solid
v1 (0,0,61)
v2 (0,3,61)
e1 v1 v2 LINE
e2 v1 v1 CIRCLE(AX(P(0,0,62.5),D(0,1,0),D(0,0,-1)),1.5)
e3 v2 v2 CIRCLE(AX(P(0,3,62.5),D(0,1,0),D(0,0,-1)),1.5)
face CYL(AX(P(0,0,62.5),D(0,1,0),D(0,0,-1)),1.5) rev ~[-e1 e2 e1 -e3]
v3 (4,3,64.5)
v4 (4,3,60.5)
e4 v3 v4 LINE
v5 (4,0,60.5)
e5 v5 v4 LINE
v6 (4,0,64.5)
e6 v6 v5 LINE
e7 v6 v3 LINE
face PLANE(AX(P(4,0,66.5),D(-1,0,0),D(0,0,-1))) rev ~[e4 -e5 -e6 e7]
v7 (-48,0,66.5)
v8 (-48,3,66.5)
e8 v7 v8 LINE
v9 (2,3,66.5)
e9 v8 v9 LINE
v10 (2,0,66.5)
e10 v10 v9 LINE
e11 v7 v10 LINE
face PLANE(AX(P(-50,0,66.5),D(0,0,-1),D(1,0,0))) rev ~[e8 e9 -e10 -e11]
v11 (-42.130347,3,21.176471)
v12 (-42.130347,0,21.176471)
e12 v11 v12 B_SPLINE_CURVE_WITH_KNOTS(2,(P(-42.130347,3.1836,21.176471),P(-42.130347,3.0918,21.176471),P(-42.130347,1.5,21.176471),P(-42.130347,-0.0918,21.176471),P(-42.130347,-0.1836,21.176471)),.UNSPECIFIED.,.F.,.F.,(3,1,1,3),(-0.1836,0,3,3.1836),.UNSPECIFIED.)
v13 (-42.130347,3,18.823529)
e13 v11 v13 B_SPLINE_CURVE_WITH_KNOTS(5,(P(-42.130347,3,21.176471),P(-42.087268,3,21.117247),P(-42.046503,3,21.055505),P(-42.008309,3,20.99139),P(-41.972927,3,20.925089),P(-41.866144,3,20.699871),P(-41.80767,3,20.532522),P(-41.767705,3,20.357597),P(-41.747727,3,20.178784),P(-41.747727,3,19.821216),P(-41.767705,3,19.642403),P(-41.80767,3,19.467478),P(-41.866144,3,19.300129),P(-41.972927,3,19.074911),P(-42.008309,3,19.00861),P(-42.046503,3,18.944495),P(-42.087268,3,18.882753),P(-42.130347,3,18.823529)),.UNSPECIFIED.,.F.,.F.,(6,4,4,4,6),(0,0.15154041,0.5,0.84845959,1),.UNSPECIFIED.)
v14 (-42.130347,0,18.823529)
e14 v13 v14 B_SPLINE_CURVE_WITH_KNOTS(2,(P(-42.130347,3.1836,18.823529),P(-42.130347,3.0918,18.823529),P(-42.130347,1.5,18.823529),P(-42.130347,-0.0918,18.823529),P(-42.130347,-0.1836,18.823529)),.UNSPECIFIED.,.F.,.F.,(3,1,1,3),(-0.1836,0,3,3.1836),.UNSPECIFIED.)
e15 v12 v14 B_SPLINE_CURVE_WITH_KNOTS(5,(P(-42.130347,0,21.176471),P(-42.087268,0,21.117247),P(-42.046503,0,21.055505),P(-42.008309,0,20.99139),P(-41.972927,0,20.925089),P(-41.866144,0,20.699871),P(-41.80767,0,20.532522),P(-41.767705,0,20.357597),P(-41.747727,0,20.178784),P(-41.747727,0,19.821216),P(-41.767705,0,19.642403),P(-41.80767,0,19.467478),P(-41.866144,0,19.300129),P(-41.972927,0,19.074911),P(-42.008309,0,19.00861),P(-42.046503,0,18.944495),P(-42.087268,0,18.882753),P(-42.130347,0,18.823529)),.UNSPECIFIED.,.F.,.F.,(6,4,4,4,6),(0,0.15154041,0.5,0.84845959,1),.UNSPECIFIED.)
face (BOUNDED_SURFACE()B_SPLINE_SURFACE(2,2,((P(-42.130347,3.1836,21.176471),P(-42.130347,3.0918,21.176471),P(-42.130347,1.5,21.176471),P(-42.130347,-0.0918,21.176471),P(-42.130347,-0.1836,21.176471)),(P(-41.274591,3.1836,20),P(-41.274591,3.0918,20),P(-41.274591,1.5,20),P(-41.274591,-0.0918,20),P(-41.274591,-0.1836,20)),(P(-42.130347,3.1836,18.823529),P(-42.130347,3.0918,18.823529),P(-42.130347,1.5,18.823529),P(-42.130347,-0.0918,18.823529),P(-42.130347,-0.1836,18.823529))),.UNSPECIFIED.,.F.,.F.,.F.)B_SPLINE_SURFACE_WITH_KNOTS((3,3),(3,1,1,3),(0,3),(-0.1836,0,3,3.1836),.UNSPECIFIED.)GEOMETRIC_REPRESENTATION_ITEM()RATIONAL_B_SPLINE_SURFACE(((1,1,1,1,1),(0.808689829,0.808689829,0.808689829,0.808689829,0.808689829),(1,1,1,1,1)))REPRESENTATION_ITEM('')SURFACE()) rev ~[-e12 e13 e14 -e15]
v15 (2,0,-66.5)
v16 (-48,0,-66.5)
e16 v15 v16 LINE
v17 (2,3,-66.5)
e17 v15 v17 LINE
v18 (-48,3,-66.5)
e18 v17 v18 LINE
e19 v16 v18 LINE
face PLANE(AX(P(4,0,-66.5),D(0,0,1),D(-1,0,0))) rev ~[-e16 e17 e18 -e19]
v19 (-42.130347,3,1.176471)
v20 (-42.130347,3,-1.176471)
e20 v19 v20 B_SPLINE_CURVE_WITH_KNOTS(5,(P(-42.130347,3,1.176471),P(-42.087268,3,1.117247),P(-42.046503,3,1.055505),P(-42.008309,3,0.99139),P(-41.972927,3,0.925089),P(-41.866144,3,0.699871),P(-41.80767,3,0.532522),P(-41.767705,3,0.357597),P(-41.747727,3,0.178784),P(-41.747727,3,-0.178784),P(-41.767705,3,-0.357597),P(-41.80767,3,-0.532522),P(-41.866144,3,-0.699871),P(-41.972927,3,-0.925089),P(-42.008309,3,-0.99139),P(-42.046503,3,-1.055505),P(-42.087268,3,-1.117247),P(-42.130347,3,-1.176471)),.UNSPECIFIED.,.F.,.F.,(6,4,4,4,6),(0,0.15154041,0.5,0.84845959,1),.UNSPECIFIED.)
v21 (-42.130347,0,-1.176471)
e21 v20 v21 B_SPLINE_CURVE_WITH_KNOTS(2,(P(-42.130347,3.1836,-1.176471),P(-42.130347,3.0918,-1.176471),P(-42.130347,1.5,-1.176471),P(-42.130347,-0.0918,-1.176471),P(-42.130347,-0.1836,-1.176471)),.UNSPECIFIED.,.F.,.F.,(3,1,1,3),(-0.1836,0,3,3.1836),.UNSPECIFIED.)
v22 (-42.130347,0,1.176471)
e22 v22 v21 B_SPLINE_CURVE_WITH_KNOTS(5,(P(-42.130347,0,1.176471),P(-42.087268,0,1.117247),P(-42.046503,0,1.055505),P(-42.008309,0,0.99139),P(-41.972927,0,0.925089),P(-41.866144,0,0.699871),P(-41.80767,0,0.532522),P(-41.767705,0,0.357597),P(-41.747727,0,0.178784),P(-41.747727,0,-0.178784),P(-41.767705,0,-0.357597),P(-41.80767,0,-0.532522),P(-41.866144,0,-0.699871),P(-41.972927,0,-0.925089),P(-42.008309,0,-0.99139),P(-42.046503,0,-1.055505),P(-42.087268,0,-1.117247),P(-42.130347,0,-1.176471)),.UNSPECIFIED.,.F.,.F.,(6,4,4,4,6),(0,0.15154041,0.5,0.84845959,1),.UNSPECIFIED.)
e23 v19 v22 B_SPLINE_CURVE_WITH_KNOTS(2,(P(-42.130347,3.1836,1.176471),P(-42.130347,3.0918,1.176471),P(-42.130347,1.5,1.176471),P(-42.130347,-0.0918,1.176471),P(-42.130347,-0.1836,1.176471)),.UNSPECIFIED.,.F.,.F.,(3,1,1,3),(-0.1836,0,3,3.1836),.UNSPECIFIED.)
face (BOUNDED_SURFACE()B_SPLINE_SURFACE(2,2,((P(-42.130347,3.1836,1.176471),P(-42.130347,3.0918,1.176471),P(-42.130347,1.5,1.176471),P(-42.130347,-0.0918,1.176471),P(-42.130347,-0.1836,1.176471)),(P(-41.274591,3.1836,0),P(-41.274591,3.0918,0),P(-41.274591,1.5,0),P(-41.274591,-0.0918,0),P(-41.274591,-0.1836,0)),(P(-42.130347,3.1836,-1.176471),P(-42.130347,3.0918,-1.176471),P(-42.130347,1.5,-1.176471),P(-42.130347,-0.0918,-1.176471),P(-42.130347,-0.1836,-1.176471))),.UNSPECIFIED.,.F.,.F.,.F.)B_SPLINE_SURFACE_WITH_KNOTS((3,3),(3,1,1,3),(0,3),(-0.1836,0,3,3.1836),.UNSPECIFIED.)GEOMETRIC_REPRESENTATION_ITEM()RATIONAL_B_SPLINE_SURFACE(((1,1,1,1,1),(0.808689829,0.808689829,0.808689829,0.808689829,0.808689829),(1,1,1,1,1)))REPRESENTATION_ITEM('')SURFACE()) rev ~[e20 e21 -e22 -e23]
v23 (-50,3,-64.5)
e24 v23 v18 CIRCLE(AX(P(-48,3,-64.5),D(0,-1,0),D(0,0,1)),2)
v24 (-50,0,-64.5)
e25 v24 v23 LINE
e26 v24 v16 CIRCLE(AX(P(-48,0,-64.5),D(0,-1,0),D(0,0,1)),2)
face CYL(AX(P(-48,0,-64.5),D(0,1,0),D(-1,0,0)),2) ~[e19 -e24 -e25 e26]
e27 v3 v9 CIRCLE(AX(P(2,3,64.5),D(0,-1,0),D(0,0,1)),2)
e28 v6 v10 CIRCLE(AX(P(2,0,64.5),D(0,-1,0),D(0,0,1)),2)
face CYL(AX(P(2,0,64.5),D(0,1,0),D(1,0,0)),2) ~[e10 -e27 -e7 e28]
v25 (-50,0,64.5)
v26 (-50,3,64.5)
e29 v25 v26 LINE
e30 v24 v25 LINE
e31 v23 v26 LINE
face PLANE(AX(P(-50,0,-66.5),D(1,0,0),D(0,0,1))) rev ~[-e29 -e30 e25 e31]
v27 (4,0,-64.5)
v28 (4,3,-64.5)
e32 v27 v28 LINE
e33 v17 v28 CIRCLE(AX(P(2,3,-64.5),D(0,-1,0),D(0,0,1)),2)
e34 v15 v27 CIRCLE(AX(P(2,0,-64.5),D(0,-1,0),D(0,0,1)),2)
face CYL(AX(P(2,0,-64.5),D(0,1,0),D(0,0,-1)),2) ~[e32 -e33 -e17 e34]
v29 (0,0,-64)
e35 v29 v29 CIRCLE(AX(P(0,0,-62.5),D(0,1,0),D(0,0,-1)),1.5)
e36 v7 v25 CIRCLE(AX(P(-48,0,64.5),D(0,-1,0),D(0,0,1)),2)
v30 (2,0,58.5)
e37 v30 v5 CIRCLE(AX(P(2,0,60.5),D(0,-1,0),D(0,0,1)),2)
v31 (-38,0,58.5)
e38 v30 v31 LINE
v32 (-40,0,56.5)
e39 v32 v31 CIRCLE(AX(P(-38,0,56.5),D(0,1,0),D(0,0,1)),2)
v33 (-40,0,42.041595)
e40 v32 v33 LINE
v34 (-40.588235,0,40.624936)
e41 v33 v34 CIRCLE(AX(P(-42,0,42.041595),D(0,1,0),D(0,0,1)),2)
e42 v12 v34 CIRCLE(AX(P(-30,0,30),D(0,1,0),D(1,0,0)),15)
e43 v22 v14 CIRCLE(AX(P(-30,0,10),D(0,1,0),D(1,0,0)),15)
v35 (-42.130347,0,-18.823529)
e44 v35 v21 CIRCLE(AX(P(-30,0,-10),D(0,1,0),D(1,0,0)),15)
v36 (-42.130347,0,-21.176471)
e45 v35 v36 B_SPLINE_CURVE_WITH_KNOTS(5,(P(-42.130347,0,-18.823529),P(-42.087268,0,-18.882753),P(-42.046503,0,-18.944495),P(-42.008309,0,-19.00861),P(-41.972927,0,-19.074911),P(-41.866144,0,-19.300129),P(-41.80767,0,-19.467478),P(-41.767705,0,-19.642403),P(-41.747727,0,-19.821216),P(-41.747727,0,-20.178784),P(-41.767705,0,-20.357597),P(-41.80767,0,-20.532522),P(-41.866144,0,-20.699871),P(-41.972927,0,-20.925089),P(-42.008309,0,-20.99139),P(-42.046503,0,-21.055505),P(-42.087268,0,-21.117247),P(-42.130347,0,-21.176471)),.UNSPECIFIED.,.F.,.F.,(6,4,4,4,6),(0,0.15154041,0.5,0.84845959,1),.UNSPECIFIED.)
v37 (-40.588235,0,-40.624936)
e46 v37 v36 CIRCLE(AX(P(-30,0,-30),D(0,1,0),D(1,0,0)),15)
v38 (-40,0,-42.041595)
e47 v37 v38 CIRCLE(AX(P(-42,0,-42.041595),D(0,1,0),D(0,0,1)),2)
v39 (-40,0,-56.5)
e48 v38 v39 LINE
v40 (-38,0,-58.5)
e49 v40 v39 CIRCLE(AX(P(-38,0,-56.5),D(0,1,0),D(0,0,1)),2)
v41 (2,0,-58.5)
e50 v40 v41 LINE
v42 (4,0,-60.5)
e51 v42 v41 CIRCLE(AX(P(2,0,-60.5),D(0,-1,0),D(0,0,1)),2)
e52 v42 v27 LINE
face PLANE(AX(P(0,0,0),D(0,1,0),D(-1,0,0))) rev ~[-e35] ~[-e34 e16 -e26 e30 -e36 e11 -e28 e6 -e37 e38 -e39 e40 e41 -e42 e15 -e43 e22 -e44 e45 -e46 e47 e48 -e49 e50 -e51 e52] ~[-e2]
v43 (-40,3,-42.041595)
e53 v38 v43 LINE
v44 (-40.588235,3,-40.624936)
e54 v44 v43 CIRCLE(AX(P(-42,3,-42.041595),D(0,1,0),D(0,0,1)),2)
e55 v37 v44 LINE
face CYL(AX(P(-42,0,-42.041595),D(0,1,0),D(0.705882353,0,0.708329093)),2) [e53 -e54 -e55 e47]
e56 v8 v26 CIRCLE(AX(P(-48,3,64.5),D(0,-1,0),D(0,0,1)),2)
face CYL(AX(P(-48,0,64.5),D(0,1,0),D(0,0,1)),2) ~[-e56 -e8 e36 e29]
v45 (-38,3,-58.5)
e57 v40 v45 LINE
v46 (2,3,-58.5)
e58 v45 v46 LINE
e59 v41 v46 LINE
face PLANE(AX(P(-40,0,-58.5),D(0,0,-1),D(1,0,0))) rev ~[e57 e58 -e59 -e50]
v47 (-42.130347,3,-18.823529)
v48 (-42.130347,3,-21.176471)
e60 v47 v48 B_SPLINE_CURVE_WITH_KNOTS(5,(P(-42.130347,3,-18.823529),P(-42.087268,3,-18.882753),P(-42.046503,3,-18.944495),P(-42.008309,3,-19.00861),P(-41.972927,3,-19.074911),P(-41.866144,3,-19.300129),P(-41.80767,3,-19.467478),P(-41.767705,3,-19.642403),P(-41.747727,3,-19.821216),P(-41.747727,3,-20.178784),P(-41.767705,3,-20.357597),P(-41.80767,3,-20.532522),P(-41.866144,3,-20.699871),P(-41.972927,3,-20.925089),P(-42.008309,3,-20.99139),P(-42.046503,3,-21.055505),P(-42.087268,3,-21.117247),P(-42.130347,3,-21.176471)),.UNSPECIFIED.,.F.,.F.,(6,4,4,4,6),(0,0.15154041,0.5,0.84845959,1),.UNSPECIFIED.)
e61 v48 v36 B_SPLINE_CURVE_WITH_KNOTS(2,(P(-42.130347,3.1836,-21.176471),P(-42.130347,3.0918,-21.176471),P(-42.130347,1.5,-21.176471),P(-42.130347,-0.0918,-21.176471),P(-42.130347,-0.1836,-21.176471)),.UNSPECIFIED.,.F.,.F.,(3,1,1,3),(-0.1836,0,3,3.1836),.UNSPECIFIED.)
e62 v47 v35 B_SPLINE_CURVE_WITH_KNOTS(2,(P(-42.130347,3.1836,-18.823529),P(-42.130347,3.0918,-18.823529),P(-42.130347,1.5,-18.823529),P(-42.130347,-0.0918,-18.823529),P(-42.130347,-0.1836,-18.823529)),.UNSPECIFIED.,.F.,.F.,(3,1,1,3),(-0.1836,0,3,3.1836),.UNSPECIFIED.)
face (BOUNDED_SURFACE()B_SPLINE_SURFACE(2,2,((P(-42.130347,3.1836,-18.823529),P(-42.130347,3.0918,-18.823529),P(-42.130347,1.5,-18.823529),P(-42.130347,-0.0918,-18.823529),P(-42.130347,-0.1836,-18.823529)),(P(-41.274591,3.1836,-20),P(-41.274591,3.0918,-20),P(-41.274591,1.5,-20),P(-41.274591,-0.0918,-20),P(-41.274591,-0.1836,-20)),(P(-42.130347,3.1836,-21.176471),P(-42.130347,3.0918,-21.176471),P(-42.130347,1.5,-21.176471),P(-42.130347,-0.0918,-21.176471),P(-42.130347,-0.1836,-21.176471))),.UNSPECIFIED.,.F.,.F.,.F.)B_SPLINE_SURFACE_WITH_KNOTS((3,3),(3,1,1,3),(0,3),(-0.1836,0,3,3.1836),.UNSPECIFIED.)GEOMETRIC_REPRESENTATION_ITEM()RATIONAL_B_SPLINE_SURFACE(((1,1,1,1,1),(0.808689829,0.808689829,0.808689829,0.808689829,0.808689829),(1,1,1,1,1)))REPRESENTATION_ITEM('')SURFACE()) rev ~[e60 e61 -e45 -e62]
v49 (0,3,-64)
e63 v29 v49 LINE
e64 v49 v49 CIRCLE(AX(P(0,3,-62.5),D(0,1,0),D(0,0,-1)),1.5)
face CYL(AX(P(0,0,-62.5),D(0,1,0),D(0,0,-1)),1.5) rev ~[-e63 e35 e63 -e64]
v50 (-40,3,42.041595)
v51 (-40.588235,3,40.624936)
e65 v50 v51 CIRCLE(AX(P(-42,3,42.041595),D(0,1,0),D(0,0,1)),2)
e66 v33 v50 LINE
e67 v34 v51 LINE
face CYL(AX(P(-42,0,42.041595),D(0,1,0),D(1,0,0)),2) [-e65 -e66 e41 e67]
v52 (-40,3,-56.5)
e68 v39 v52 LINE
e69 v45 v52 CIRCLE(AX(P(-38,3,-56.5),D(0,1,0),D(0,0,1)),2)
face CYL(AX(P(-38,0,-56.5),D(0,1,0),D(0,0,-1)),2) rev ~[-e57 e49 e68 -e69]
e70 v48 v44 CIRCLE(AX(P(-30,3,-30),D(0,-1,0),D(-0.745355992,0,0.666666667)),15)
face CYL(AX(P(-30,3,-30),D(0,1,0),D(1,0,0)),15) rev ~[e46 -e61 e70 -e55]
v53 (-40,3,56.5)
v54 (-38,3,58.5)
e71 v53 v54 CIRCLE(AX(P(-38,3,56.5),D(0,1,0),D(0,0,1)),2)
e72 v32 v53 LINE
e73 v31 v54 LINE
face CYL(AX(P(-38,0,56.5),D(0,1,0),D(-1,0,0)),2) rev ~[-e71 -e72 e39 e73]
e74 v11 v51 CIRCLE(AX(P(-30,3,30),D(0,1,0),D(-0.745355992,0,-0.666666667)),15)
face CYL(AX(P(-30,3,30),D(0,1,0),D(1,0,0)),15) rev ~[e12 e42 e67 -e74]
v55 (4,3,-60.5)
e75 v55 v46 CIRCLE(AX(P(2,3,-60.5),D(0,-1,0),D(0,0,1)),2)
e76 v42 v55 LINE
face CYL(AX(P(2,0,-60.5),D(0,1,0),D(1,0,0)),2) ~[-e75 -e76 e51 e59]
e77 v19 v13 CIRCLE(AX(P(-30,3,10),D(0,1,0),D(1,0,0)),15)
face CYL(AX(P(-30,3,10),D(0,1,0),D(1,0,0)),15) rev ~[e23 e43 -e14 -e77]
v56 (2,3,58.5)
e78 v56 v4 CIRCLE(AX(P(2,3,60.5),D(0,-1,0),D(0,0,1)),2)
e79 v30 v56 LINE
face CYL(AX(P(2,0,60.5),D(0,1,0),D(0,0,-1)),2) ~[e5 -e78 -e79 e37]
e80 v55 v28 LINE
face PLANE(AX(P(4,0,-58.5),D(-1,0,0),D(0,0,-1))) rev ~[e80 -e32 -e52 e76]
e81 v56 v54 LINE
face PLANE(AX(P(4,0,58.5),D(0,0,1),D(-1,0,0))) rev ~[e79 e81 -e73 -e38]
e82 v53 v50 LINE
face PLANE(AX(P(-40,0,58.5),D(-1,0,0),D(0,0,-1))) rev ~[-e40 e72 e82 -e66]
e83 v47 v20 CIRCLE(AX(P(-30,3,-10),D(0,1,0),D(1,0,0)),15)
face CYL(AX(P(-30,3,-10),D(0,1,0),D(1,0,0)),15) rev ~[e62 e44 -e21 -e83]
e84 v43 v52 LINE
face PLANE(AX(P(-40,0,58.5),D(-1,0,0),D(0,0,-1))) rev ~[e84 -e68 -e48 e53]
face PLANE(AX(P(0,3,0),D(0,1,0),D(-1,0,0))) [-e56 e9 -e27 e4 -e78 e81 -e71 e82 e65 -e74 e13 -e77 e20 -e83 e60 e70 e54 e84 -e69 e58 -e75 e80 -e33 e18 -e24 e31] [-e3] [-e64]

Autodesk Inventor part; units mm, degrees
ref_plane "YZ Plane" through (0, 0, 0) normal (1, 0, 0) x (0, 1, 0)
ref_plane "XZ Plane" through (0, 0, 0) normal (0, 1, 0) x (-1, 0, 0)
ref_plane "XY Plane" through (0, 0, 0) normal (0, 0, 1) x (1, 0, 0)
sketch "Sketch1" plane through (0, 0, 0) normal (0, 1, 0) x (-1, 0, 0)
  line L0 (0, 0) -> (50, 0) construction
  line L1 (0, 0) -> (0, -62.5) construction
  line L2 (0, -62.5) -> (-4, -62.5) construction
  line L3 (40, -58.5) -> (-4, -58.5)
  line L4 (-4, -58.5) -> (-4, -66.5)
  line L5 (-4, -66.5) -> (50, -66.5)
  line L6 (50, -66.5) -> (50, 66.5)
  line L7 (50, 66.5) -> (-4, 66.5)
  line L8 (-4, 66.5) -> (-4, 58.5)
  line L9 (-4, 58.5) -> (40, 58.5)
  line L10 (40, 58.5) -> (40, -58.5)
  point P0 (0, 62.5)
  dimension "d0" = 62.5
  dimension "d1" = 50
  dimension "d2" = 4
  dimension "d3" = 8
  dimension "d4" = 10
extrude "Plate1" add sketch "Sketch1" along normal blind 3
hole "Hole1" at (0, 0, -62.5) at (0, 0, 62.5) direction (0, 1, 0) diameter 3 end through all
sketch "Sketch2" plane through (0, 3, 0) normal (0, 1, 0) x (1, 0, 0)
  circle A0 centre (0, 62.5) radius 1.5 projected
  circle A1 centre (0, -62.5) radius 1.5 projected
  line L0 (-40, 58.5) -> (-40, -58.5) projected
  line L1 (4, 58.5) -> (-40, 58.5) projected
  line L2 (4, 66.5) -> (4, 58.5) projected
  line L3 (-50, 66.5) -> (4, 66.5) projected
  line L4 (-50, -66.5) -> (-50, 66.5) projected
  line L5 (4, -66.5) -> (-50, -66.5) projected
  line L6 (4, -58.5) -> (4, -66.5) projected
  line L7 (-40, -58.5) -> (4, -58.5) projected
  circle A2 centre (-30, -30) radius 15
  circle A3 centre (-30, -10) radius 15
  circle A4 centre (-30, 10) radius 15
  circle A5 centre (-30, 30) radius 15
  line L8 (-30, 30) -> (-30, -30) construction
  line L9 (-30, 30) -> (-30, 58.5) construction
  line L10 (-30, -30) -> (-30, -58.5) construction
  point P0 (0, 0)
  dimension "d13" = 20
  dimension "d14" = 20
  dimension "d15" = 30
  dimension "d16" = 20
  dimension "d17" = 10
extrude "Extrusion1" cut sketch "Sketch2" against normal through all contours A5 A4 L0 | L0 A4 A5 | A4 A5 L0 | L0 A5 A4 | A5 L0 A3 A4 | A5 A4 A3 L0 | A4 L0 A2 A3 | A3 L0 A4 | A3 A4 L0 | A3 L0 A2 | A2 L0 A3 | A4 A3 A2 L0 | A2 A3 L0 | L0 A3 A2
fillet "Fillet1" radius 2 8 edges at (-50, 1.5, 66.5) (-40, 1.5, 58.5) (4, 1.5, 66.5) (4, 1.5, 58.5) (4, 1.5, -58.5) (4, 1.5, -66.5) (-40, 1.5, -58.5) (-50, 1.5, -66.5)
fillet "Fillet2" radius 2 5 edges at (-40, 1.5, 41.1803) (-41.1803, 1.5, 20) (-41.1803, 1.5, 0) (-41.1803, 1.5, -20) (-40, 1.5, -41.1803)
equation "\"d0\" = 0.5 * holes_spacing"
equation "\"d1\" = handle_height"
equation "\"d2\" = hole_2_border"
equation "\"d3\" = 2 * hole_2_border"
equation "\"d4\" = handle_width"
equation "\"d11\" = Thickness"
equation "\"d13\" = finger_trace_width"
equation "\"d14\" = finger_trace_width"
equation "\"d15\" = finger_trace_diameter"
equation "\"d16\" = finger_trace_width"
equation "\"d5\" = Thickness"
equation "\"hole_2_border\" = 4"
equation "\"BendRadius\" = Thickness"
equation "\"BendReliefWidth\" = Thickness"
equation "\"BendReliefDepth\" = 0.5 * Thickness"
equation "\"CornerReliefSize\" = 4 * Thickness"
equation "\"MinimumRemnant\" = 2 * Thickness"
equation "\"TransitionRadius\" = BendRadius"
equation "\"JacobiRadiusSize\" = BendRadius"
equation "\"GapSize\" = Thickness"
equation "\"handle_height\" = 50"
equation "\"handle_width\" = 10"
equation "\"finger_trace_diameter\" = 30"
equation "\"finger_trace_width\" = 20"
equation "\"holes_spacing\" = 125"
equation "\"Thickness\" = 3"
properties part number "handle_v3"
